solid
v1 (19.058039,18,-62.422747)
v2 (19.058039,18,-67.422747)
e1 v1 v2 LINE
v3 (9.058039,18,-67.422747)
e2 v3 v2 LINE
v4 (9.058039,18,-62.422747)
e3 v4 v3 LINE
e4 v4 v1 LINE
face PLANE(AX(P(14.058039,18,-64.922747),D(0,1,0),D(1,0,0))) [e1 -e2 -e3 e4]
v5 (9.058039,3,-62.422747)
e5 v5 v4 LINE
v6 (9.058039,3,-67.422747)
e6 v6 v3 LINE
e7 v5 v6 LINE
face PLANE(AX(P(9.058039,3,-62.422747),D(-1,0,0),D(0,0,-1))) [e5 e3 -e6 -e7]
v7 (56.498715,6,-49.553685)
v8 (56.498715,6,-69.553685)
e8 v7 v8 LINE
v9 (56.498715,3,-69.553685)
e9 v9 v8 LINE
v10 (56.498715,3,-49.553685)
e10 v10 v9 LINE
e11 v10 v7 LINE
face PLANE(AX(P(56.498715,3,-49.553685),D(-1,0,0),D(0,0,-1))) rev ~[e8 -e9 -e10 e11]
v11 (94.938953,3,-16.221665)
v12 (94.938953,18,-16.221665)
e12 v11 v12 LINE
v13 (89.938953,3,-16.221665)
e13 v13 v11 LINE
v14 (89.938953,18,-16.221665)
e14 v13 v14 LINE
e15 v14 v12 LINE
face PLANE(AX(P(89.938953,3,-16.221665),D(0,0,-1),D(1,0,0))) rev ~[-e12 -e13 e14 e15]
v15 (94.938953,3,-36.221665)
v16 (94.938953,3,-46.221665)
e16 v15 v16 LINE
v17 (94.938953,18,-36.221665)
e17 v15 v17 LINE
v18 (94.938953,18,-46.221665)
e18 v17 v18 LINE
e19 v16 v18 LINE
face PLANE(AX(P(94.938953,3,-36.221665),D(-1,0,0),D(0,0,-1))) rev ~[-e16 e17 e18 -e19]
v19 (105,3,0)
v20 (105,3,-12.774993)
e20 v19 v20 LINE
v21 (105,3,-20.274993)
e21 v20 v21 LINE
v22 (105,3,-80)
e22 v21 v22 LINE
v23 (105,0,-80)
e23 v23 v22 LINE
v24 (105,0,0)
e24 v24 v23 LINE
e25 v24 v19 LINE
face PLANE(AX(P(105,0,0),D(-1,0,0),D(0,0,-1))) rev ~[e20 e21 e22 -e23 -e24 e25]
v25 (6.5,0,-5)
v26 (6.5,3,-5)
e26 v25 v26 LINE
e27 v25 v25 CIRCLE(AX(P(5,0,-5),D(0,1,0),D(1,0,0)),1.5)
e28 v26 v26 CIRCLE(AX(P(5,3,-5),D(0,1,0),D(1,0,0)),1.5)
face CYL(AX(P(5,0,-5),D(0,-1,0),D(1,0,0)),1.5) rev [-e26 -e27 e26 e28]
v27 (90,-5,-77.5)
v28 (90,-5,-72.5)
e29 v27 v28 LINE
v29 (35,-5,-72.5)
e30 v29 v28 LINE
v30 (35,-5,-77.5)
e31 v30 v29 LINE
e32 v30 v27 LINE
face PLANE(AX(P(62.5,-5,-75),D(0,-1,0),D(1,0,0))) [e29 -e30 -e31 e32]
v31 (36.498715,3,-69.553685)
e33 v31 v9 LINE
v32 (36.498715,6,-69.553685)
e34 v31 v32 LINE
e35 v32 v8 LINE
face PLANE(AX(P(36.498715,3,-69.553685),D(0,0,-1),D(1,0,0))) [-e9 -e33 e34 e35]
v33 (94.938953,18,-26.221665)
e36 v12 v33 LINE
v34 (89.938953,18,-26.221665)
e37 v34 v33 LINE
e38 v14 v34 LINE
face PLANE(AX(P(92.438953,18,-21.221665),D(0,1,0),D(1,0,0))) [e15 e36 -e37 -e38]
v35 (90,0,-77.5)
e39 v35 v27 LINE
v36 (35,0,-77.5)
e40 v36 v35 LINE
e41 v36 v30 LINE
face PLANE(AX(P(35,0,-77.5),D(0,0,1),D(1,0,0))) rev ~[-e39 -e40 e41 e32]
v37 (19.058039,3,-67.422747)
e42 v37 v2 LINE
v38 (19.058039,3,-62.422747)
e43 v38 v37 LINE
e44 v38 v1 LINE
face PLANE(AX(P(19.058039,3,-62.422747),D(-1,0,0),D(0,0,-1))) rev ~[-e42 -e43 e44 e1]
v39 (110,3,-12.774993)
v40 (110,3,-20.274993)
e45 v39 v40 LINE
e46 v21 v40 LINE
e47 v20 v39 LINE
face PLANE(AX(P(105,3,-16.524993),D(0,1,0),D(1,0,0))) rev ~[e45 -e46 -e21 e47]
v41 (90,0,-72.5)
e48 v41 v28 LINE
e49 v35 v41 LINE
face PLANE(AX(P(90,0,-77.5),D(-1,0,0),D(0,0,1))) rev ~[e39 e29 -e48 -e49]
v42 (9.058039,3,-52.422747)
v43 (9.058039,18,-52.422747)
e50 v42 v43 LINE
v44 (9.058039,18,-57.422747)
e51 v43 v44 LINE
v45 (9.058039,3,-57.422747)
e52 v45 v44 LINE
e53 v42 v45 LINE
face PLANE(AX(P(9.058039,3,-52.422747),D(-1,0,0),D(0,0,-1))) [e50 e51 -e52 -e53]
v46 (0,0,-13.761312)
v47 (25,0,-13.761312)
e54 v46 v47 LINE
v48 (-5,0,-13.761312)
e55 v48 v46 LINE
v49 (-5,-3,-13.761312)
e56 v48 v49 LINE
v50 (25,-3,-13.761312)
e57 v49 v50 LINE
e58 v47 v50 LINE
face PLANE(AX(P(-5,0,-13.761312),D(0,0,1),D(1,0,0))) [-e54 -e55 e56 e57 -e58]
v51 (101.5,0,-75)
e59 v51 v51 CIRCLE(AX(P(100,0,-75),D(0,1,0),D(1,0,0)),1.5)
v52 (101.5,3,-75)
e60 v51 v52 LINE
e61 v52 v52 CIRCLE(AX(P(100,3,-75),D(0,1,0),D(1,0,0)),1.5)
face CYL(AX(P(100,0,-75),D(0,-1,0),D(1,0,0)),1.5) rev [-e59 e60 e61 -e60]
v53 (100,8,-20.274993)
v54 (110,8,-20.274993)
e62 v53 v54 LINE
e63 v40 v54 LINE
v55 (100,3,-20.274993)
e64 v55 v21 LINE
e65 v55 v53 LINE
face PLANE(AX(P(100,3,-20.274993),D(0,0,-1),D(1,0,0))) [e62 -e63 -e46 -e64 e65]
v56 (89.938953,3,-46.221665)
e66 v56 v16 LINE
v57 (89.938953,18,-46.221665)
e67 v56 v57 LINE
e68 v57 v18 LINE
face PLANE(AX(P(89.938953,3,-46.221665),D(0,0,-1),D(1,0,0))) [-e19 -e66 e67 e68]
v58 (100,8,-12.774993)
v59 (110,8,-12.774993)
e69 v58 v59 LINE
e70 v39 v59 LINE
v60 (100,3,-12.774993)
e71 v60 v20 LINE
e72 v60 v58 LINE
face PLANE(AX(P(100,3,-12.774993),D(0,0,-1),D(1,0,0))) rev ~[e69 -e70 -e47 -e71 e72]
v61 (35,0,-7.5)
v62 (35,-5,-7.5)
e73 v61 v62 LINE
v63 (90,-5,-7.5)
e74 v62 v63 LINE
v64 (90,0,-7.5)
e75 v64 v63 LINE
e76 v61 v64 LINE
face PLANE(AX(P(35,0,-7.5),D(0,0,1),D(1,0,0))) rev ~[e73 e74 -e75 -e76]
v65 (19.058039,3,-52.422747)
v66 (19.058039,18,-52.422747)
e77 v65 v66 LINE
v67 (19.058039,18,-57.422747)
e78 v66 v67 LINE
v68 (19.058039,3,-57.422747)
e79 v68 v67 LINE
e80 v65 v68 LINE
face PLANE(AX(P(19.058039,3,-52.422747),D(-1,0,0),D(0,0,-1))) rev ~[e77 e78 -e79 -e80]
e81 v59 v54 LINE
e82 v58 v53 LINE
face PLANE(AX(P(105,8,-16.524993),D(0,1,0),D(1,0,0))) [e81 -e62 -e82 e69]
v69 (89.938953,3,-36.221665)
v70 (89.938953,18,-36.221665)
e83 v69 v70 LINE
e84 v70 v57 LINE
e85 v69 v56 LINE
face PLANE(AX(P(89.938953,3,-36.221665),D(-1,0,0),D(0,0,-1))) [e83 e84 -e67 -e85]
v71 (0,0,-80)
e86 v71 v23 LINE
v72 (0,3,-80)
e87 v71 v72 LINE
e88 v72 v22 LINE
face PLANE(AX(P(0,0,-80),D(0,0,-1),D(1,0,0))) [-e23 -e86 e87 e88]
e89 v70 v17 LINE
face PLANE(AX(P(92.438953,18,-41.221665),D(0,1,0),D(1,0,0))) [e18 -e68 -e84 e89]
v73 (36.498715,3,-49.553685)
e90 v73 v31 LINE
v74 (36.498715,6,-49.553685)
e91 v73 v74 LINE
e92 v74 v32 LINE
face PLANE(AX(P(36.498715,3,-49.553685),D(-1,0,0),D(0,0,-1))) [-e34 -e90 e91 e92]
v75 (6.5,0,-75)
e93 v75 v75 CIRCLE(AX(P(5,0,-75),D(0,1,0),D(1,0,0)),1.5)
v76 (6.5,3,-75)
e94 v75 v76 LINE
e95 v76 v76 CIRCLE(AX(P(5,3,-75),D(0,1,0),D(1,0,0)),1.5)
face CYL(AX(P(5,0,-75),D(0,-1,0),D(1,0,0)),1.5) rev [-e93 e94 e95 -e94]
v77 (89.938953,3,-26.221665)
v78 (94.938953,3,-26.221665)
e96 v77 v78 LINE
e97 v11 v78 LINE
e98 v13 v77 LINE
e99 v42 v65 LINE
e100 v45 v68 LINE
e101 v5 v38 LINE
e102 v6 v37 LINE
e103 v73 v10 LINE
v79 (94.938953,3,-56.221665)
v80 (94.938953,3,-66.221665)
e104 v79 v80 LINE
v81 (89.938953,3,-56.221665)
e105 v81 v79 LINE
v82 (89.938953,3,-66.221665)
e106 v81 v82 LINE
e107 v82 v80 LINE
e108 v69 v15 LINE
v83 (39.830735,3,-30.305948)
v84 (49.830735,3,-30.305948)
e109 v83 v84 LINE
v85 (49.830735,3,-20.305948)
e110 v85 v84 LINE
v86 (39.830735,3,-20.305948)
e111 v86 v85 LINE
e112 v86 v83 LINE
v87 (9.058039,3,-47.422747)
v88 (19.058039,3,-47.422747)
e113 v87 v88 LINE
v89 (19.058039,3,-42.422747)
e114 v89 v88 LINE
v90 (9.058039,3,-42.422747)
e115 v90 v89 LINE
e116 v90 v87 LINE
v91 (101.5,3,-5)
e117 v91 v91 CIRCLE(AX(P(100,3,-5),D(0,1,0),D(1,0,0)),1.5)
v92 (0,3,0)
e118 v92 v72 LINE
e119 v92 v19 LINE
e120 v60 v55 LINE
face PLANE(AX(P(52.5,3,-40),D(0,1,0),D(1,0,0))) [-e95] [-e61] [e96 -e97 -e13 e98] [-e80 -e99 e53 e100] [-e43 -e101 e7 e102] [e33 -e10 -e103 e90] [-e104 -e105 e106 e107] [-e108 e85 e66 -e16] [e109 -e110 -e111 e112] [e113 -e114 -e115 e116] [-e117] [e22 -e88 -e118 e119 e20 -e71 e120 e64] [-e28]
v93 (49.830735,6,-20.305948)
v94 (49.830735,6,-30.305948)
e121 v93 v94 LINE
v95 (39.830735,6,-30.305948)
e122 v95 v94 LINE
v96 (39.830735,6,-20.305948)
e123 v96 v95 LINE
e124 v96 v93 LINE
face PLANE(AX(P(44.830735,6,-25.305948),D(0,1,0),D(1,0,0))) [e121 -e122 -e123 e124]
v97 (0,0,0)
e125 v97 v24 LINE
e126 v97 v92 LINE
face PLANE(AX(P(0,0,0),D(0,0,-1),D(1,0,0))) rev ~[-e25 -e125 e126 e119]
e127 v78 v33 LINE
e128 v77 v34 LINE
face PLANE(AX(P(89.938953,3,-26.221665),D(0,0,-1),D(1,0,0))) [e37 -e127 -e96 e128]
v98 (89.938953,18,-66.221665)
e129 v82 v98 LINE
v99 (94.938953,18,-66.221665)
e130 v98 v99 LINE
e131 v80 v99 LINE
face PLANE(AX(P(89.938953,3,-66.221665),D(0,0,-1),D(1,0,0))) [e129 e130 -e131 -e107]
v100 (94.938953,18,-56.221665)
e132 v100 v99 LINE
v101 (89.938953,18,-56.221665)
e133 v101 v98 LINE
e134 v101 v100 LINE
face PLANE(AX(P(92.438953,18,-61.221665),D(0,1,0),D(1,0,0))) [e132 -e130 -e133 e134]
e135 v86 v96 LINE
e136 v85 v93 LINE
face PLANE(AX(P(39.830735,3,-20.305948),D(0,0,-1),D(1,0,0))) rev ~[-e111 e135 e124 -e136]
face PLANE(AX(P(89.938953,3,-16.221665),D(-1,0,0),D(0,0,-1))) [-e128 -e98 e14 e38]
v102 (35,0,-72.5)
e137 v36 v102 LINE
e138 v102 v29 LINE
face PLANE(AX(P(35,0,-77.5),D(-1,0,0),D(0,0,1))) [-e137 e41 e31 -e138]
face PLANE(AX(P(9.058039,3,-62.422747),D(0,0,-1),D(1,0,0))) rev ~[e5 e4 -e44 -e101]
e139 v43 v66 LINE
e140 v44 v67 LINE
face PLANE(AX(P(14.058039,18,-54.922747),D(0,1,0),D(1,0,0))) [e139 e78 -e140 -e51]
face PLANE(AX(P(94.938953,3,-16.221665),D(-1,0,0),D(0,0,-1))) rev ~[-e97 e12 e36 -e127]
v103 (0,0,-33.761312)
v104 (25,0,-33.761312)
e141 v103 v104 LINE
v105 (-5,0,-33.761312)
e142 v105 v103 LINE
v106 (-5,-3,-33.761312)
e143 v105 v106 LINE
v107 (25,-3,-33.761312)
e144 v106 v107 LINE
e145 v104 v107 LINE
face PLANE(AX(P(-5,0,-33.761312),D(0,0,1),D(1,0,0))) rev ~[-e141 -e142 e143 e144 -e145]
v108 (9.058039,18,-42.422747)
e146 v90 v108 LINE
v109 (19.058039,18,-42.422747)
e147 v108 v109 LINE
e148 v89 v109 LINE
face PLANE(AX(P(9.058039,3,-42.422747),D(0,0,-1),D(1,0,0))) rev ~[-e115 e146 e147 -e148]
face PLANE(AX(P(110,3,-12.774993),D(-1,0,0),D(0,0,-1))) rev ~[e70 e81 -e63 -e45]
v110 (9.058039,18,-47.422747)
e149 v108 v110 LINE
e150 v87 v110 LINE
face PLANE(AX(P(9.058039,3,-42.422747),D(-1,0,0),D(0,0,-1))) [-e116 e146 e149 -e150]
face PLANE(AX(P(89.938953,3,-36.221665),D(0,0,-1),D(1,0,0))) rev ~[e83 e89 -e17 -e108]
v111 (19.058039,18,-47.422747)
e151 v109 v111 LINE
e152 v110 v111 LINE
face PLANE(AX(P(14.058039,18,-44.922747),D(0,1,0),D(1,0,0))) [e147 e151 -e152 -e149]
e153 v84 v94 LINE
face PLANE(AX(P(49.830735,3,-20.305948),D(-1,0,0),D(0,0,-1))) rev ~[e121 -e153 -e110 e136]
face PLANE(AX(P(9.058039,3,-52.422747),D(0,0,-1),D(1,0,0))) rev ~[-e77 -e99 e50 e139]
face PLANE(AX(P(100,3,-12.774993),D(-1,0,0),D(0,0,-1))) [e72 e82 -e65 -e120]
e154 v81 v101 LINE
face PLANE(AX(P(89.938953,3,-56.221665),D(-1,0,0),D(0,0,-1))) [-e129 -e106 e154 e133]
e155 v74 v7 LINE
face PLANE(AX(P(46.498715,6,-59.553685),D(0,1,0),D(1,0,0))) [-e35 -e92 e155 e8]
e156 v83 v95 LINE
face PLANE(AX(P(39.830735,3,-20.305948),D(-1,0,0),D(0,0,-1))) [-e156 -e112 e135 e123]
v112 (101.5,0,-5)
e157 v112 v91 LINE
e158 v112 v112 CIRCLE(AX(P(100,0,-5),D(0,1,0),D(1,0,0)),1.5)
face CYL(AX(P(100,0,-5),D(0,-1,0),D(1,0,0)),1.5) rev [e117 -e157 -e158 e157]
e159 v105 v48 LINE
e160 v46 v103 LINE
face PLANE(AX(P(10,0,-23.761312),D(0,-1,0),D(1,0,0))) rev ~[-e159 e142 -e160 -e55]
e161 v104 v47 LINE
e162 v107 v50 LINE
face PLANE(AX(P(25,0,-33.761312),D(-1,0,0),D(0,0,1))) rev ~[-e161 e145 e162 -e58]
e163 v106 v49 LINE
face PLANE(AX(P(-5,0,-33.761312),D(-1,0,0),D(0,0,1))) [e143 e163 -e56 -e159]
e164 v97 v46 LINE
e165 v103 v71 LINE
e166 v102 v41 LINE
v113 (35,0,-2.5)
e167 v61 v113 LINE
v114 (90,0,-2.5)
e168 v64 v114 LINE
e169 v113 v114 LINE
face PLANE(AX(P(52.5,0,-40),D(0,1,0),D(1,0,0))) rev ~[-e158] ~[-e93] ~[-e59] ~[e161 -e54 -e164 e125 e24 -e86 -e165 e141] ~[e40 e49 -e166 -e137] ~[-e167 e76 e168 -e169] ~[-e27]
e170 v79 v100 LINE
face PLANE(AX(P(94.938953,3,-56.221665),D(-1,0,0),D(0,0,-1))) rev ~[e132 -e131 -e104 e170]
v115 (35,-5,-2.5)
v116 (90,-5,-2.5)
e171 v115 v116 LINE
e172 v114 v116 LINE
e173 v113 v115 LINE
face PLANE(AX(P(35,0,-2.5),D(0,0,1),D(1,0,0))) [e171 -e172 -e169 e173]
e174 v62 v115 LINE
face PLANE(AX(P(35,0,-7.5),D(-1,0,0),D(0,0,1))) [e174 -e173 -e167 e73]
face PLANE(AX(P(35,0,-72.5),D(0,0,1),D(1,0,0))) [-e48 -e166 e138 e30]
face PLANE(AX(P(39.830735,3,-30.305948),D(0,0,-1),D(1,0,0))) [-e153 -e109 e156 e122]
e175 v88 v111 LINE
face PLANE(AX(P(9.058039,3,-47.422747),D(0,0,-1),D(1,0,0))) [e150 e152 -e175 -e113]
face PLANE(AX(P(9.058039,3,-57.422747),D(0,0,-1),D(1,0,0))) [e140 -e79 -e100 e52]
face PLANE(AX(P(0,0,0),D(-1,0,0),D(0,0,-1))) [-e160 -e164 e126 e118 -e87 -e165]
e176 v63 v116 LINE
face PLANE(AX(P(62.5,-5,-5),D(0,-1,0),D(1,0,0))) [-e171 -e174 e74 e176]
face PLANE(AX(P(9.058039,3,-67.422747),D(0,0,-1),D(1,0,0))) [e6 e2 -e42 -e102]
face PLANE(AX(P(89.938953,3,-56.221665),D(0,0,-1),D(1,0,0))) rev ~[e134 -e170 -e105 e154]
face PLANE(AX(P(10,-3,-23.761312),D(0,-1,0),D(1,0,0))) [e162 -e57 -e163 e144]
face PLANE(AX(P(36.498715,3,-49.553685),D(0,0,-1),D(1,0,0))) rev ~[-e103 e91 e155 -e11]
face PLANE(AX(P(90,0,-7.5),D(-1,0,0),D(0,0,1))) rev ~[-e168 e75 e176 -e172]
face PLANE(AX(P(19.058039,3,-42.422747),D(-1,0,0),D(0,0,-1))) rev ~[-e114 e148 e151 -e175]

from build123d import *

# Parameters (mm, degrees)
ESQUISSE1_W      = 105
ESQUISSE1_H      = 80
ESQUISSE1_R      = 1.5
EXTRUSION1_DEPTH = 3
ESQUISSE2_W      = 20
ESQUISSE2_H      = 20
ESQUISSE2_W_2    = 10
ESQUISSE2_H_2    = 10
EXTRUSION2_DEPTH = 3
ESQUISSE3_W      = 5
ESQUISSE3_H      = 10
ESQUISSE3_W_2    = 10
ESQUISSE3_H_2    = 5
EXTRUSION3_DEPTH = 15
ESQUISSE4_W      = 55
ESQUISSE4_H      = 5
EXTRUSION4_DEPTH = 5
ESQUISSE5_W      = 30
ESQUISSE5_H      = 20
EXTRUSION5_DEPTH = 3
ESQUISSE6_W      = 10
ESQUISSE6_H      = 7.5
EXTRUSION6_DEPTH = 5


with BuildPart() as part:
    # Esquisse1 → Extrusion1 (new body)
    with BuildSketch(Plane(origin=(0, 0, 0), x_dir=(1, 0, 0), z_dir=(0, 1, 0))):
        with Locations((52.5, 40)):
            Rectangle(ESQUISSE1_W, ESQUISSE1_H)
        with Locations((5, 75)):
            Circle(ESQUISSE1_R, mode=Mode.SUBTRACT)
        with Locations((100, 75)):
            Circle(ESQUISSE1_R, mode=Mode.SUBTRACT)
        with Locations((100, 5)):
            Circle(ESQUISSE1_R, mode=Mode.SUBTRACT)
        with Locations((5, 5)):
            Circle(ESQUISSE1_R, mode=Mode.SUBTRACT)
    extrude(amount=EXTRUSION1_DEPTH)

    # Esquisse2 → Extrusion2 (add)
    with BuildSketch(Plane(origin=(0, 3, 0), x_dir=(1, 0, 0), z_dir=(0, 1, 0))):
        with Locations((46.498714715, 59.553685436)):
            Rectangle(ESQUISSE2_W, ESQUISSE2_H)
        with Locations((44.830735419, 25.305948149)):
            Rectangle(ESQUISSE2_W_2, ESQUISSE2_H_2)
    extrude(amount=EXTRUSION2_DEPTH)

    # Esquisse3 → Extrusion3 (add)
    with BuildSketch(Plane(origin=(0, 3, 0), x_dir=(1, 0, 0), z_dir=(0, 1, 0))):
        with Locations((92.438953264, 61.221664733)):
            Rectangle(ESQUISSE3_W, ESQUISSE3_H)
        with Locations((14.058039322, 64.92274654)):
            Rectangle(ESQUISSE3_W_2, ESQUISSE3_H_2)
        with Locations((14.058039322, 54.92274654)):
            Rectangle(ESQUISSE3_W_2, ESQUISSE3_H_2)
        with Locations((14.058039322, 44.92274654)):
            Rectangle(ESQUISSE3_W_2, ESQUISSE3_H_2)
        with Locations((92.438953264, 41.221664733)):
            Rectangle(ESQUISSE3_W, ESQUISSE3_H)
        with Locations((92.438953264, 21.221664733)):
            Rectangle(ESQUISSE3_W, ESQUISSE3_H)
    extrude(amount=EXTRUSION3_DEPTH)

    # Esquisse4 → Extrusion4 (add)
    with BuildSketch(Plane.XZ):
        with Locations((62.5, -5)):
            Rectangle(ESQUISSE4_W, ESQUISSE4_H)
        with Locations((62.5, -75)):
            Rectangle(ESQUISSE4_W, ESQUISSE4_H)
    extrude(amount=EXTRUSION4_DEPTH)

    # Esquisse5 → Extrusion5 (add)
    with BuildSketch(Plane.XZ):
        with Locations((10, -23.761311795)):
            Rectangle(ESQUISSE5_W, ESQUISSE5_H)
    extrude(amount=EXTRUSION5_DEPTH)

    # Esquisse6 → Extrusion6 (add)
    with BuildSketch(Plane(origin=(0, 3, 0), x_dir=(1, 0, 0), z_dir=(0, 1, 0))):
        with Locations((105, 16.524993395)):
            Rectangle(ESQUISSE6_W, ESQUISSE6_H)
    extrude(amount=EXTRUSION6_DEPTH)


solid = part.part
